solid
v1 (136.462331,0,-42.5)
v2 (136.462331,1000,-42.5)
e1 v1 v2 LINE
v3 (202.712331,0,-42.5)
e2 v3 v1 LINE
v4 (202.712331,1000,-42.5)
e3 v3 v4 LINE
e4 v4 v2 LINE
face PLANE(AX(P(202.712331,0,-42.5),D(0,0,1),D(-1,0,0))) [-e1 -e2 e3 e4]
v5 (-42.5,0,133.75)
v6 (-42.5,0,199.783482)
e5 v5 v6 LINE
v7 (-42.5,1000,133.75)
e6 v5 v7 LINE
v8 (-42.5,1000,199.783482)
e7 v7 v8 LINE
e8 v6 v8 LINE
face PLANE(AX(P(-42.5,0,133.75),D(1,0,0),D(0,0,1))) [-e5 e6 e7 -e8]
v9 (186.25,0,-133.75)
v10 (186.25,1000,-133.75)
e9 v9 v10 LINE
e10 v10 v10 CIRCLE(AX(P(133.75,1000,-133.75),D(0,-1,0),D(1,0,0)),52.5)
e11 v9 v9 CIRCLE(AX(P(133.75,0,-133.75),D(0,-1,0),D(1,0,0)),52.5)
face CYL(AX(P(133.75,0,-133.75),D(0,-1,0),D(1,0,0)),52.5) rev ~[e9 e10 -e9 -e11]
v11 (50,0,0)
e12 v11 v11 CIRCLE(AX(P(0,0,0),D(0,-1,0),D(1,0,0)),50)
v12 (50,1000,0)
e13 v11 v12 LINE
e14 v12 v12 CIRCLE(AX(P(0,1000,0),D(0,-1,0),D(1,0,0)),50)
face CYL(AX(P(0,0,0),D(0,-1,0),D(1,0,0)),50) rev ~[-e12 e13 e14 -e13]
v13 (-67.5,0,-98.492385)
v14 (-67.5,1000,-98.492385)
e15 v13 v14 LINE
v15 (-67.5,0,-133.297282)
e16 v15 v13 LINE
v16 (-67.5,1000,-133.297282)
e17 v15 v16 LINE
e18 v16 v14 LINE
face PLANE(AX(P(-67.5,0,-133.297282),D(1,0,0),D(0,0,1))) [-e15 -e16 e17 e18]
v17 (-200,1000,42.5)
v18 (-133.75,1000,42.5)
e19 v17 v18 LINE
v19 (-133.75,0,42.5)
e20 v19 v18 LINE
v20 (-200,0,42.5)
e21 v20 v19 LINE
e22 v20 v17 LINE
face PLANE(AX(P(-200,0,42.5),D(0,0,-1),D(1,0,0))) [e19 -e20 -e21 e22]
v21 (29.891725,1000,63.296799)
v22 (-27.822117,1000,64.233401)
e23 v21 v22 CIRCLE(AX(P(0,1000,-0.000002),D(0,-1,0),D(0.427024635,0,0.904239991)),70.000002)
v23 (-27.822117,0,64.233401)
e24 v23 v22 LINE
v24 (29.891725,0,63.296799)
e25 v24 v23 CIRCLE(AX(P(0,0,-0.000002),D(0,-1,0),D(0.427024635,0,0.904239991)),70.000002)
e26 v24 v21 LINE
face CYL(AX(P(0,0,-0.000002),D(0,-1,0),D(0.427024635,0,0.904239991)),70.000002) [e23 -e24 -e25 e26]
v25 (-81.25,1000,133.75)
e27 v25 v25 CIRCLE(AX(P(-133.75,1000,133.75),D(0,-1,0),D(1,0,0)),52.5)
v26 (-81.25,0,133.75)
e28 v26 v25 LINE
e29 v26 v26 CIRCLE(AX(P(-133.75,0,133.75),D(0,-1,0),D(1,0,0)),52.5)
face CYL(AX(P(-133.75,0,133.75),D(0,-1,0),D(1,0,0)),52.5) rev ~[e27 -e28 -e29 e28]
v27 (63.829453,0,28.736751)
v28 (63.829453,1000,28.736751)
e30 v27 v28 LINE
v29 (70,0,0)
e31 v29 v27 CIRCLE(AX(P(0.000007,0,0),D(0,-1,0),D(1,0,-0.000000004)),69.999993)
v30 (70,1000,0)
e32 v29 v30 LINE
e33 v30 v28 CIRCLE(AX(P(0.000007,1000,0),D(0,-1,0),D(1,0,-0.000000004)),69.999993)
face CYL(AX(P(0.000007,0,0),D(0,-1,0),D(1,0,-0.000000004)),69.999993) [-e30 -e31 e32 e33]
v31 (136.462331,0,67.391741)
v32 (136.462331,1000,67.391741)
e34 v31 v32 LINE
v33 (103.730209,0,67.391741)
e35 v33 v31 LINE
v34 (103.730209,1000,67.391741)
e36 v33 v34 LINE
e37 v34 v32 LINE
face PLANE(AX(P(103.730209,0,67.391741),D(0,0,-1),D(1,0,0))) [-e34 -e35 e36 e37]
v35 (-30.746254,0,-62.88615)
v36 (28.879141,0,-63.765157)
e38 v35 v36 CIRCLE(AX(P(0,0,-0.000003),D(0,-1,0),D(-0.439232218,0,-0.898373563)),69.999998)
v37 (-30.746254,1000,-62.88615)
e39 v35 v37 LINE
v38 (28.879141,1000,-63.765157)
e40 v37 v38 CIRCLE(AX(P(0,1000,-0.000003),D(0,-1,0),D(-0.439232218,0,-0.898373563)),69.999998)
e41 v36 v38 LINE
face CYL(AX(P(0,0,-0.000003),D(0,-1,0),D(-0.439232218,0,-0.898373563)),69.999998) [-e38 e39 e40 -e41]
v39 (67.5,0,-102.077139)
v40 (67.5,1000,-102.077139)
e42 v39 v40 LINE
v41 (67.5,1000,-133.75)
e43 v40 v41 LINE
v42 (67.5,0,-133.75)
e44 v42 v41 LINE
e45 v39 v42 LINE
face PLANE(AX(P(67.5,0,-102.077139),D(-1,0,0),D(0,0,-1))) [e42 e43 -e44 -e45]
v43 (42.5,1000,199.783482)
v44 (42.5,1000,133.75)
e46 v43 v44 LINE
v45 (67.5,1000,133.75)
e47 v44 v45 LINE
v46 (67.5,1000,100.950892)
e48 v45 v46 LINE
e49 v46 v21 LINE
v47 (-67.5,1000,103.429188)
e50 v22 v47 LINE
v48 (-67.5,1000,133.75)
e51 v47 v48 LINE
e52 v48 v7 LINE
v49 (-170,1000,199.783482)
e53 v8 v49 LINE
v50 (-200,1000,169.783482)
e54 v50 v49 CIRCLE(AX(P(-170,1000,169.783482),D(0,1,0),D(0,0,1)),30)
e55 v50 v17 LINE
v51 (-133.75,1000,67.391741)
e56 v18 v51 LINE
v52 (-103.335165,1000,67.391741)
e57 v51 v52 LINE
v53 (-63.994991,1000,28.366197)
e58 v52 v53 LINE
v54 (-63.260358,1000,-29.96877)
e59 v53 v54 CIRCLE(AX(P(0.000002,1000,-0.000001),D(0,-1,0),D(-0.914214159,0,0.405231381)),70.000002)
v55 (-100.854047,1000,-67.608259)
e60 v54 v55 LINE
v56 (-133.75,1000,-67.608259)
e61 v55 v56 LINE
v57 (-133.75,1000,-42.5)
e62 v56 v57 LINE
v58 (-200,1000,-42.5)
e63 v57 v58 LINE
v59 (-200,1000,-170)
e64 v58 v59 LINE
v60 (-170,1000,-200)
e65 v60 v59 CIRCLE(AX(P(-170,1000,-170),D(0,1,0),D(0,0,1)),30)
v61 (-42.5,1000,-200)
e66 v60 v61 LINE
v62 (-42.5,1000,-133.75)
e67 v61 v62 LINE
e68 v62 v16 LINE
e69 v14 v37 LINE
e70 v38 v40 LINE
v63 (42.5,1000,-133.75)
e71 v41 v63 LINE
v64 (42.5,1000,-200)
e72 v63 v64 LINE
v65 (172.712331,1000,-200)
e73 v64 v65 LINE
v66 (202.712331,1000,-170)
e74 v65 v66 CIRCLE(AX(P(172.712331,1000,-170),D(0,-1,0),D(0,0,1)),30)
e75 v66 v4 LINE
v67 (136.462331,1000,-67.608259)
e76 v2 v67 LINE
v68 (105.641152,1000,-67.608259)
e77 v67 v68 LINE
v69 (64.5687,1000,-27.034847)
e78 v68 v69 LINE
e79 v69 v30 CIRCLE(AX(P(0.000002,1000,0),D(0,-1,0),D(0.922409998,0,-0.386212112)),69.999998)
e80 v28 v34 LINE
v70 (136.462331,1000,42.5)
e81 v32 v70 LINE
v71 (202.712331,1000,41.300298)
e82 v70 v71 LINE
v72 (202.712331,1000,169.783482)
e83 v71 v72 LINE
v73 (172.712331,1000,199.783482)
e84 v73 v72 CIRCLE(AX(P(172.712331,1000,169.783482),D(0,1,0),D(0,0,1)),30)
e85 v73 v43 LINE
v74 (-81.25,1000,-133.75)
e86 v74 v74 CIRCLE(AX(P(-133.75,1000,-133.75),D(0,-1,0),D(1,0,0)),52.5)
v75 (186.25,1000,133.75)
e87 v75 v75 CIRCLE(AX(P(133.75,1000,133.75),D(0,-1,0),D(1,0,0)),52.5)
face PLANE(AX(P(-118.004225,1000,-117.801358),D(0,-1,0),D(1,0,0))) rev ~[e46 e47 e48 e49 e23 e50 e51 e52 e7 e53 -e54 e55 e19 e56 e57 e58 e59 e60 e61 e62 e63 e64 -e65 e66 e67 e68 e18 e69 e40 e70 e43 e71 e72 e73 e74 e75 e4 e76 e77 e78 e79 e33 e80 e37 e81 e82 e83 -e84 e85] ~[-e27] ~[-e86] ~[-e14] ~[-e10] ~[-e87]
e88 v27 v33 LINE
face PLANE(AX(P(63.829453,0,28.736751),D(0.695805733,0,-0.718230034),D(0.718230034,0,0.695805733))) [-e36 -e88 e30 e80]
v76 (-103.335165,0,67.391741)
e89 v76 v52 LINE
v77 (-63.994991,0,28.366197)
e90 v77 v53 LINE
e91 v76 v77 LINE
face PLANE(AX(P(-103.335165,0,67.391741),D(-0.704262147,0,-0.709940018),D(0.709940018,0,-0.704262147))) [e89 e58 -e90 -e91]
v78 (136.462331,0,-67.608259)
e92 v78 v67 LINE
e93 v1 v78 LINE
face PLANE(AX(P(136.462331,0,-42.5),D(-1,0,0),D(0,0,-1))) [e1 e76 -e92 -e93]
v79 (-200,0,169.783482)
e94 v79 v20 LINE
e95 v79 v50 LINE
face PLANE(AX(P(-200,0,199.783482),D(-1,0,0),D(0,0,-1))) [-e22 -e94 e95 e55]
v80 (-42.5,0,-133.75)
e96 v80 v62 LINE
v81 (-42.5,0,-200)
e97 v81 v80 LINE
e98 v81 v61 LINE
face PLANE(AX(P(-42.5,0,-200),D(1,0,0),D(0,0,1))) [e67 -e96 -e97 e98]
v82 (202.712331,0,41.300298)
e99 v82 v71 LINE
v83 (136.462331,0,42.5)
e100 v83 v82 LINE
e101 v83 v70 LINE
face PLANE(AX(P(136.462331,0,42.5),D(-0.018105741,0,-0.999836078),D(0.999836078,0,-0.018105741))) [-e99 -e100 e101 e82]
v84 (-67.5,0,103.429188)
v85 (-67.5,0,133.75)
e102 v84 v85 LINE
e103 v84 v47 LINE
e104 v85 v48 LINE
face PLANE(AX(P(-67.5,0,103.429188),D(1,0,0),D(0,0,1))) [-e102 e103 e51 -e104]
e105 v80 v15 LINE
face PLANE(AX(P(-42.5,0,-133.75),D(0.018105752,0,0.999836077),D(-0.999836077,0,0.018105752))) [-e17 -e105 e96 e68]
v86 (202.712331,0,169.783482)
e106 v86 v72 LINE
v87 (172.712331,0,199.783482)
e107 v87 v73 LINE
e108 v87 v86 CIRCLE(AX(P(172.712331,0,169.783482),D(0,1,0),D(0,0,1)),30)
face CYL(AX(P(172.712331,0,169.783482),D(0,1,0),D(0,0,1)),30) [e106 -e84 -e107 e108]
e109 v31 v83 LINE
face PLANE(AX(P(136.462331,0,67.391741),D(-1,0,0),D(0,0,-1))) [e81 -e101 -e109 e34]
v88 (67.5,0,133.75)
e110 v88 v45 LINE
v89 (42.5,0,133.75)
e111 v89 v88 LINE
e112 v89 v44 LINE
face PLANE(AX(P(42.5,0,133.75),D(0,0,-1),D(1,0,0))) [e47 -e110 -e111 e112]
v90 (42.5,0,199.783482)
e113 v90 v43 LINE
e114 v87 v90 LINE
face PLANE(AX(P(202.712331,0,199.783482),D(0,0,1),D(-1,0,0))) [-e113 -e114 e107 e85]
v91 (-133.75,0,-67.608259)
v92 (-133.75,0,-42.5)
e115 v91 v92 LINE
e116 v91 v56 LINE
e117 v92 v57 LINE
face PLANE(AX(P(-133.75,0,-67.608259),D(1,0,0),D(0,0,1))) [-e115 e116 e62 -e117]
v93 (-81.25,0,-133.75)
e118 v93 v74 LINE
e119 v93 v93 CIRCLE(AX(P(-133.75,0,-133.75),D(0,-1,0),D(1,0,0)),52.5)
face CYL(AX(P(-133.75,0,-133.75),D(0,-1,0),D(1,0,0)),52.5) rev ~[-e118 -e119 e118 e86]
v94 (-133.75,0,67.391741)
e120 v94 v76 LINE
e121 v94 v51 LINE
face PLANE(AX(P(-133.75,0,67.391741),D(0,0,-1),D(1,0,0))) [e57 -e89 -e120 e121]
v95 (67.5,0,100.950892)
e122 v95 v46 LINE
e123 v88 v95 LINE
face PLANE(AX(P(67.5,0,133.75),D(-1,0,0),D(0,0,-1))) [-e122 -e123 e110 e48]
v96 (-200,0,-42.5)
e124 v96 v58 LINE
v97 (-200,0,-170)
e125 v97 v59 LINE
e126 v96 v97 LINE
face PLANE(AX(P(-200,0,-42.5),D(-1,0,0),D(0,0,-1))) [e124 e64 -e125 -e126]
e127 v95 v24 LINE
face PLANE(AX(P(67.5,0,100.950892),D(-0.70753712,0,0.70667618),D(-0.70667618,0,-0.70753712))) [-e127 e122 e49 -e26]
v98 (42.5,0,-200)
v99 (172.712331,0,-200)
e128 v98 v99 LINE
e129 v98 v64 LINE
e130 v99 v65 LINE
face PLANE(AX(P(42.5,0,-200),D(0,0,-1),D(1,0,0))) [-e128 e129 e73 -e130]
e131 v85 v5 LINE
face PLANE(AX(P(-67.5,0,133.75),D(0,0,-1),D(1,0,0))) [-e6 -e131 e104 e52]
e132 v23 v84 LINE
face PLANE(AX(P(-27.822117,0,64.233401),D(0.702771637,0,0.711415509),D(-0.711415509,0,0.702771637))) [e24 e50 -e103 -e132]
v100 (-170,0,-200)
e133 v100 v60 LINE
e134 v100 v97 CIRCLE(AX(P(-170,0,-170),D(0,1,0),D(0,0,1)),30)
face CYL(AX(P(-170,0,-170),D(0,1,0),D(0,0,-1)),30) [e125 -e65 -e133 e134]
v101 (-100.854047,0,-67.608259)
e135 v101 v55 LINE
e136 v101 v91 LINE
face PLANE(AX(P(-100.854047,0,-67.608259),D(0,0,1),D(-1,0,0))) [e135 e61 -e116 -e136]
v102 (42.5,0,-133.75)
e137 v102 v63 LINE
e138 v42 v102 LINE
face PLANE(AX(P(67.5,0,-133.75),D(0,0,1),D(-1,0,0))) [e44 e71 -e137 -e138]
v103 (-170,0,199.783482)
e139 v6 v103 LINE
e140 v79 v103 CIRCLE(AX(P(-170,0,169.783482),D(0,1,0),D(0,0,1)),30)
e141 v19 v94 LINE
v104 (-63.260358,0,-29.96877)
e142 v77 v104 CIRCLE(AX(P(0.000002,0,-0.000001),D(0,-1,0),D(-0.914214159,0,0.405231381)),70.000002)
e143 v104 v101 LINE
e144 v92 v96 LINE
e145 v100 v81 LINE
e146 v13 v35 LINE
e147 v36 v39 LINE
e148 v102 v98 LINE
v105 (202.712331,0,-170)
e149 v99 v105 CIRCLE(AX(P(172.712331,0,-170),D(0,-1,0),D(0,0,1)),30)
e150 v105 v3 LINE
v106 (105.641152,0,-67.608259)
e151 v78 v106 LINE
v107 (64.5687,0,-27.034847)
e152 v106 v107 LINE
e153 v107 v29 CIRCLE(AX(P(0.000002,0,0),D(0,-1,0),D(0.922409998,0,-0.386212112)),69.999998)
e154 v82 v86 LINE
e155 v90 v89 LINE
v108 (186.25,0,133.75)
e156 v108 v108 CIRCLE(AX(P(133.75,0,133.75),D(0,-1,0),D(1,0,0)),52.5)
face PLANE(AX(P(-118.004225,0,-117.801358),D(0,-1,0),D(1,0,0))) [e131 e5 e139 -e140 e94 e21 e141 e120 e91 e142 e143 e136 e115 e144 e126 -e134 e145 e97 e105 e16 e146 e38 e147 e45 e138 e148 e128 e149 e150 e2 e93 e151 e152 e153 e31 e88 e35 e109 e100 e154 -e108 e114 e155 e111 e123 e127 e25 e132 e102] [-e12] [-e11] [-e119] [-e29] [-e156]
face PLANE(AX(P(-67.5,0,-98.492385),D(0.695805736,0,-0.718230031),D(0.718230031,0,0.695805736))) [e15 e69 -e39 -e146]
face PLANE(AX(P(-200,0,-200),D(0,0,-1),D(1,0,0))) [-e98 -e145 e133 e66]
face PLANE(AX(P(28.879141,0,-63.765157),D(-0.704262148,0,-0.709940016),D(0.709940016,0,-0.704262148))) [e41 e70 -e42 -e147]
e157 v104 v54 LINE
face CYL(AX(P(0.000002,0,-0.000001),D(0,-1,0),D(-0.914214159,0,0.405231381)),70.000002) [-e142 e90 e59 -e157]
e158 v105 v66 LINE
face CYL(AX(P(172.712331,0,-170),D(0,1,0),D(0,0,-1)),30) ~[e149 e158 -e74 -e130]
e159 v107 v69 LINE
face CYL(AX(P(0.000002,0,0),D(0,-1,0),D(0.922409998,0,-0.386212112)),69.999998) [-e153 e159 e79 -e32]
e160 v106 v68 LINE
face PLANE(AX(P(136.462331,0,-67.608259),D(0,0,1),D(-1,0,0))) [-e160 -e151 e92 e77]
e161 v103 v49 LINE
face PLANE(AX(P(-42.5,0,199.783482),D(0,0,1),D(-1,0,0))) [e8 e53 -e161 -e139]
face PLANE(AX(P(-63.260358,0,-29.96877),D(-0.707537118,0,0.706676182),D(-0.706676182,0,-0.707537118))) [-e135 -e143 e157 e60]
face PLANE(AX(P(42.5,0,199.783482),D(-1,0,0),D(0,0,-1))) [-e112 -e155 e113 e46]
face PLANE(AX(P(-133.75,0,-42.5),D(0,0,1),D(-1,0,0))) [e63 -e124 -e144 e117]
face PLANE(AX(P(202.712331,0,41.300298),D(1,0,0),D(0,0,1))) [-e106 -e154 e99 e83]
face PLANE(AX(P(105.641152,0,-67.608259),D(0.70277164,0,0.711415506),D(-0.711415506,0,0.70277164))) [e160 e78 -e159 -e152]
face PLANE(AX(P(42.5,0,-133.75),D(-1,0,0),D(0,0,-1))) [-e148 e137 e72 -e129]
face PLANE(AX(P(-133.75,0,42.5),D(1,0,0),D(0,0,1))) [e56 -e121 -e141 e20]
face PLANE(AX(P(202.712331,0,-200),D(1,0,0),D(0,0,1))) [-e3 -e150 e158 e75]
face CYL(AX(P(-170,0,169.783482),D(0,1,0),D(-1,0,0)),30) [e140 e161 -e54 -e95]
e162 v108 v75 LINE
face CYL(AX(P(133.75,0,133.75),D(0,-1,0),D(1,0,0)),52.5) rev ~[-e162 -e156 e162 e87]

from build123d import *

# Parameters (mm, degrees)
F1_DEPTH = 1000
F2_R     = 50
F2_R_2   = 52.5
F3_DEPTH = 2000
F4_R     = 30


with BuildPart() as f1:
    # F0 (on Front) → F1 (new body)
    with BuildSketch(Plane.XZ):
        with BuildLine():
            Line((-200, -133.75), (-200, -200))
            Line((-200, -200), (-42.5, -200))
            Line((-42.5, -200), (-42.5, -133.75))
            Line((-42.5, -133.75), (-67.5, -133.297282))
            Line((-67.5, -133.297282), (-67.5, -98.492385))
            Line((-67.5, -98.492385), (-30.746254, -62.88615))
            ThreePointArc((-30.746254, -62.88615), (-49.801599, -49.19147), (-63.260358, -29.96877))
            Line((-63.260358, -29.96877), (-100.854047, -67.608259))
            Line((-100.854047, -67.608259), (-133.75, -67.608259))
            Line((-133.75, -67.608259), (-133.75, -42.5))
            Line((-133.75, -42.5), (-200, -42.5))
            Line((-200, -42.5), (-200, -133.75))
        make_face()
        with BuildLine():
            ThreePointArc((-63.260358, -29.96877), (-49.801599, -49.19147), (-30.746254, -62.88615))
            ThreePointArc((-30.746254, -62.88615), (-1.031839, -69.992395), (28.879141, -63.765157))
            ThreePointArc((28.879141, -63.765157), (50.203622, -48.781106), (64.5687, -27.034847))
            ThreePointArc((64.5687, -27.034847), (68.628744, -13.787512), (70, 0))
            ThreePointArc((70, 0), (68.43998, 14.695888), (63.829453, 28.736751))
            ThreePointArc((63.829453, 28.736751), (49.94511, 49.045754), (29.891725, 63.296799))
            ThreePointArc((29.891725, 63.296799), (1.135837, 69.990784), (-27.822117, 64.233401))
            ThreePointArc((-27.822117, 64.233401), (-49.28701, 49.707048), (-63.994991, 28.366197))
            ThreePointArc((-63.994991, 28.366197), (-69.99445, -0.881465), (-63.260358, -29.96877))
        make_face()
        with BuildLine():
            ThreePointArc((64.5687, -27.034847), (50.203622, -48.781106), (28.879141, -63.765157))
            Line((28.879141, -63.765157), (67.5, -102.077139))
            Line((67.5, -102.077139), (67.5, -133.75))
            Line((67.5, -133.75), (42.5, -133.75))
            Line((42.5, -133.75), (42.5, -200))
            Line((42.5, -200), (202.712331, -200))
            Line((202.712331, -200), (202.712331, -42.5))
            Line((202.712331, -42.5), (136.462331, -42.5))
            Line((136.462331, -42.5), (136.462331, -67.608259))
            Line((136.462331, -67.608259), (105.641152, -67.608259))
            Line((105.641152, -67.608259), (64.5687, -27.034847))
        make_face()
        with BuildLine():
            Line((-103.335165, 67.391741), (-63.994991, 28.366197))
            ThreePointArc((-63.994991, 28.366197), (-49.28701, 49.707048), (-27.822117, 64.233401))
            Line((-27.822117, 64.233401), (-67.5, 103.429188))
            Line((-67.5, 103.429188), (-67.5, 133.75))
            Line((-67.5, 133.75), (-42.5, 133.75))
            Line((-42.5, 133.75), (-42.5, 199.783482))
            Line((-42.5, 199.783482), (-200, 199.783482))
            Line((-200, 199.783482), (-200, 42.5))
            Line((-200, 42.5), (-133.75, 42.5))
            Line((-133.75, 42.5), (-133.75, 67.391741))
            Line((-133.75, 67.391741), (-103.335165, 67.391741))
        make_face()
        with BuildLine():
            Line((67.5, 100.950892), (29.891725, 63.296799))
            ThreePointArc((29.891725, 63.296799), (49.94511, 49.045754), (63.829453, 28.736751))
            Line((63.829453, 28.736751), (103.730209, 67.391741))
            Line((103.730209, 67.391741), (136.462331, 67.391741))
            Line((136.462331, 67.391741), (136.462331, 42.5))
            Line((136.462331, 42.5), (202.712331, 41.300298))
            Line((202.712331, 41.300298), (202.712331, 199.783482))
            Line((202.712331, 199.783482), (42.5, 199.783482))
            Line((42.5, 199.783482), (42.5, 133.75))
            Line((42.5, 133.75), (67.5, 133.75))
            Line((67.5, 133.75), (67.5, 100.950892))
        make_face()
    extrude(amount=-F1_DEPTH)

    # F2 (on face) → F3 (cut)
    with BuildSketch(Plane.XZ):
        Circle(F2_R)
        with Locations((-133.75, 133.75)):
            Circle(F2_R_2)
        with Locations((133.75, 133.75)):
            Circle(F2_R_2)
        with Locations((133.75, -133.75)):
            Circle(F2_R_2)
        with Locations((-133.75, -133.75)):
            Circle(F2_R_2)
    extrude(amount=-F3_DEPTH, mode=Mode.SUBTRACT)

    # F4
    f4_edges = [f1.edges().sort_by_distance(p)[0] for p in [
        (202.712331, 500, 199.783482),
        (-200, 500, 199.783482),
        (202.712331, 500, -200),
        (-200, 500, -200),
    ]]
    fillet(f4_edges, radius=F4_R)


solid = f1.part
